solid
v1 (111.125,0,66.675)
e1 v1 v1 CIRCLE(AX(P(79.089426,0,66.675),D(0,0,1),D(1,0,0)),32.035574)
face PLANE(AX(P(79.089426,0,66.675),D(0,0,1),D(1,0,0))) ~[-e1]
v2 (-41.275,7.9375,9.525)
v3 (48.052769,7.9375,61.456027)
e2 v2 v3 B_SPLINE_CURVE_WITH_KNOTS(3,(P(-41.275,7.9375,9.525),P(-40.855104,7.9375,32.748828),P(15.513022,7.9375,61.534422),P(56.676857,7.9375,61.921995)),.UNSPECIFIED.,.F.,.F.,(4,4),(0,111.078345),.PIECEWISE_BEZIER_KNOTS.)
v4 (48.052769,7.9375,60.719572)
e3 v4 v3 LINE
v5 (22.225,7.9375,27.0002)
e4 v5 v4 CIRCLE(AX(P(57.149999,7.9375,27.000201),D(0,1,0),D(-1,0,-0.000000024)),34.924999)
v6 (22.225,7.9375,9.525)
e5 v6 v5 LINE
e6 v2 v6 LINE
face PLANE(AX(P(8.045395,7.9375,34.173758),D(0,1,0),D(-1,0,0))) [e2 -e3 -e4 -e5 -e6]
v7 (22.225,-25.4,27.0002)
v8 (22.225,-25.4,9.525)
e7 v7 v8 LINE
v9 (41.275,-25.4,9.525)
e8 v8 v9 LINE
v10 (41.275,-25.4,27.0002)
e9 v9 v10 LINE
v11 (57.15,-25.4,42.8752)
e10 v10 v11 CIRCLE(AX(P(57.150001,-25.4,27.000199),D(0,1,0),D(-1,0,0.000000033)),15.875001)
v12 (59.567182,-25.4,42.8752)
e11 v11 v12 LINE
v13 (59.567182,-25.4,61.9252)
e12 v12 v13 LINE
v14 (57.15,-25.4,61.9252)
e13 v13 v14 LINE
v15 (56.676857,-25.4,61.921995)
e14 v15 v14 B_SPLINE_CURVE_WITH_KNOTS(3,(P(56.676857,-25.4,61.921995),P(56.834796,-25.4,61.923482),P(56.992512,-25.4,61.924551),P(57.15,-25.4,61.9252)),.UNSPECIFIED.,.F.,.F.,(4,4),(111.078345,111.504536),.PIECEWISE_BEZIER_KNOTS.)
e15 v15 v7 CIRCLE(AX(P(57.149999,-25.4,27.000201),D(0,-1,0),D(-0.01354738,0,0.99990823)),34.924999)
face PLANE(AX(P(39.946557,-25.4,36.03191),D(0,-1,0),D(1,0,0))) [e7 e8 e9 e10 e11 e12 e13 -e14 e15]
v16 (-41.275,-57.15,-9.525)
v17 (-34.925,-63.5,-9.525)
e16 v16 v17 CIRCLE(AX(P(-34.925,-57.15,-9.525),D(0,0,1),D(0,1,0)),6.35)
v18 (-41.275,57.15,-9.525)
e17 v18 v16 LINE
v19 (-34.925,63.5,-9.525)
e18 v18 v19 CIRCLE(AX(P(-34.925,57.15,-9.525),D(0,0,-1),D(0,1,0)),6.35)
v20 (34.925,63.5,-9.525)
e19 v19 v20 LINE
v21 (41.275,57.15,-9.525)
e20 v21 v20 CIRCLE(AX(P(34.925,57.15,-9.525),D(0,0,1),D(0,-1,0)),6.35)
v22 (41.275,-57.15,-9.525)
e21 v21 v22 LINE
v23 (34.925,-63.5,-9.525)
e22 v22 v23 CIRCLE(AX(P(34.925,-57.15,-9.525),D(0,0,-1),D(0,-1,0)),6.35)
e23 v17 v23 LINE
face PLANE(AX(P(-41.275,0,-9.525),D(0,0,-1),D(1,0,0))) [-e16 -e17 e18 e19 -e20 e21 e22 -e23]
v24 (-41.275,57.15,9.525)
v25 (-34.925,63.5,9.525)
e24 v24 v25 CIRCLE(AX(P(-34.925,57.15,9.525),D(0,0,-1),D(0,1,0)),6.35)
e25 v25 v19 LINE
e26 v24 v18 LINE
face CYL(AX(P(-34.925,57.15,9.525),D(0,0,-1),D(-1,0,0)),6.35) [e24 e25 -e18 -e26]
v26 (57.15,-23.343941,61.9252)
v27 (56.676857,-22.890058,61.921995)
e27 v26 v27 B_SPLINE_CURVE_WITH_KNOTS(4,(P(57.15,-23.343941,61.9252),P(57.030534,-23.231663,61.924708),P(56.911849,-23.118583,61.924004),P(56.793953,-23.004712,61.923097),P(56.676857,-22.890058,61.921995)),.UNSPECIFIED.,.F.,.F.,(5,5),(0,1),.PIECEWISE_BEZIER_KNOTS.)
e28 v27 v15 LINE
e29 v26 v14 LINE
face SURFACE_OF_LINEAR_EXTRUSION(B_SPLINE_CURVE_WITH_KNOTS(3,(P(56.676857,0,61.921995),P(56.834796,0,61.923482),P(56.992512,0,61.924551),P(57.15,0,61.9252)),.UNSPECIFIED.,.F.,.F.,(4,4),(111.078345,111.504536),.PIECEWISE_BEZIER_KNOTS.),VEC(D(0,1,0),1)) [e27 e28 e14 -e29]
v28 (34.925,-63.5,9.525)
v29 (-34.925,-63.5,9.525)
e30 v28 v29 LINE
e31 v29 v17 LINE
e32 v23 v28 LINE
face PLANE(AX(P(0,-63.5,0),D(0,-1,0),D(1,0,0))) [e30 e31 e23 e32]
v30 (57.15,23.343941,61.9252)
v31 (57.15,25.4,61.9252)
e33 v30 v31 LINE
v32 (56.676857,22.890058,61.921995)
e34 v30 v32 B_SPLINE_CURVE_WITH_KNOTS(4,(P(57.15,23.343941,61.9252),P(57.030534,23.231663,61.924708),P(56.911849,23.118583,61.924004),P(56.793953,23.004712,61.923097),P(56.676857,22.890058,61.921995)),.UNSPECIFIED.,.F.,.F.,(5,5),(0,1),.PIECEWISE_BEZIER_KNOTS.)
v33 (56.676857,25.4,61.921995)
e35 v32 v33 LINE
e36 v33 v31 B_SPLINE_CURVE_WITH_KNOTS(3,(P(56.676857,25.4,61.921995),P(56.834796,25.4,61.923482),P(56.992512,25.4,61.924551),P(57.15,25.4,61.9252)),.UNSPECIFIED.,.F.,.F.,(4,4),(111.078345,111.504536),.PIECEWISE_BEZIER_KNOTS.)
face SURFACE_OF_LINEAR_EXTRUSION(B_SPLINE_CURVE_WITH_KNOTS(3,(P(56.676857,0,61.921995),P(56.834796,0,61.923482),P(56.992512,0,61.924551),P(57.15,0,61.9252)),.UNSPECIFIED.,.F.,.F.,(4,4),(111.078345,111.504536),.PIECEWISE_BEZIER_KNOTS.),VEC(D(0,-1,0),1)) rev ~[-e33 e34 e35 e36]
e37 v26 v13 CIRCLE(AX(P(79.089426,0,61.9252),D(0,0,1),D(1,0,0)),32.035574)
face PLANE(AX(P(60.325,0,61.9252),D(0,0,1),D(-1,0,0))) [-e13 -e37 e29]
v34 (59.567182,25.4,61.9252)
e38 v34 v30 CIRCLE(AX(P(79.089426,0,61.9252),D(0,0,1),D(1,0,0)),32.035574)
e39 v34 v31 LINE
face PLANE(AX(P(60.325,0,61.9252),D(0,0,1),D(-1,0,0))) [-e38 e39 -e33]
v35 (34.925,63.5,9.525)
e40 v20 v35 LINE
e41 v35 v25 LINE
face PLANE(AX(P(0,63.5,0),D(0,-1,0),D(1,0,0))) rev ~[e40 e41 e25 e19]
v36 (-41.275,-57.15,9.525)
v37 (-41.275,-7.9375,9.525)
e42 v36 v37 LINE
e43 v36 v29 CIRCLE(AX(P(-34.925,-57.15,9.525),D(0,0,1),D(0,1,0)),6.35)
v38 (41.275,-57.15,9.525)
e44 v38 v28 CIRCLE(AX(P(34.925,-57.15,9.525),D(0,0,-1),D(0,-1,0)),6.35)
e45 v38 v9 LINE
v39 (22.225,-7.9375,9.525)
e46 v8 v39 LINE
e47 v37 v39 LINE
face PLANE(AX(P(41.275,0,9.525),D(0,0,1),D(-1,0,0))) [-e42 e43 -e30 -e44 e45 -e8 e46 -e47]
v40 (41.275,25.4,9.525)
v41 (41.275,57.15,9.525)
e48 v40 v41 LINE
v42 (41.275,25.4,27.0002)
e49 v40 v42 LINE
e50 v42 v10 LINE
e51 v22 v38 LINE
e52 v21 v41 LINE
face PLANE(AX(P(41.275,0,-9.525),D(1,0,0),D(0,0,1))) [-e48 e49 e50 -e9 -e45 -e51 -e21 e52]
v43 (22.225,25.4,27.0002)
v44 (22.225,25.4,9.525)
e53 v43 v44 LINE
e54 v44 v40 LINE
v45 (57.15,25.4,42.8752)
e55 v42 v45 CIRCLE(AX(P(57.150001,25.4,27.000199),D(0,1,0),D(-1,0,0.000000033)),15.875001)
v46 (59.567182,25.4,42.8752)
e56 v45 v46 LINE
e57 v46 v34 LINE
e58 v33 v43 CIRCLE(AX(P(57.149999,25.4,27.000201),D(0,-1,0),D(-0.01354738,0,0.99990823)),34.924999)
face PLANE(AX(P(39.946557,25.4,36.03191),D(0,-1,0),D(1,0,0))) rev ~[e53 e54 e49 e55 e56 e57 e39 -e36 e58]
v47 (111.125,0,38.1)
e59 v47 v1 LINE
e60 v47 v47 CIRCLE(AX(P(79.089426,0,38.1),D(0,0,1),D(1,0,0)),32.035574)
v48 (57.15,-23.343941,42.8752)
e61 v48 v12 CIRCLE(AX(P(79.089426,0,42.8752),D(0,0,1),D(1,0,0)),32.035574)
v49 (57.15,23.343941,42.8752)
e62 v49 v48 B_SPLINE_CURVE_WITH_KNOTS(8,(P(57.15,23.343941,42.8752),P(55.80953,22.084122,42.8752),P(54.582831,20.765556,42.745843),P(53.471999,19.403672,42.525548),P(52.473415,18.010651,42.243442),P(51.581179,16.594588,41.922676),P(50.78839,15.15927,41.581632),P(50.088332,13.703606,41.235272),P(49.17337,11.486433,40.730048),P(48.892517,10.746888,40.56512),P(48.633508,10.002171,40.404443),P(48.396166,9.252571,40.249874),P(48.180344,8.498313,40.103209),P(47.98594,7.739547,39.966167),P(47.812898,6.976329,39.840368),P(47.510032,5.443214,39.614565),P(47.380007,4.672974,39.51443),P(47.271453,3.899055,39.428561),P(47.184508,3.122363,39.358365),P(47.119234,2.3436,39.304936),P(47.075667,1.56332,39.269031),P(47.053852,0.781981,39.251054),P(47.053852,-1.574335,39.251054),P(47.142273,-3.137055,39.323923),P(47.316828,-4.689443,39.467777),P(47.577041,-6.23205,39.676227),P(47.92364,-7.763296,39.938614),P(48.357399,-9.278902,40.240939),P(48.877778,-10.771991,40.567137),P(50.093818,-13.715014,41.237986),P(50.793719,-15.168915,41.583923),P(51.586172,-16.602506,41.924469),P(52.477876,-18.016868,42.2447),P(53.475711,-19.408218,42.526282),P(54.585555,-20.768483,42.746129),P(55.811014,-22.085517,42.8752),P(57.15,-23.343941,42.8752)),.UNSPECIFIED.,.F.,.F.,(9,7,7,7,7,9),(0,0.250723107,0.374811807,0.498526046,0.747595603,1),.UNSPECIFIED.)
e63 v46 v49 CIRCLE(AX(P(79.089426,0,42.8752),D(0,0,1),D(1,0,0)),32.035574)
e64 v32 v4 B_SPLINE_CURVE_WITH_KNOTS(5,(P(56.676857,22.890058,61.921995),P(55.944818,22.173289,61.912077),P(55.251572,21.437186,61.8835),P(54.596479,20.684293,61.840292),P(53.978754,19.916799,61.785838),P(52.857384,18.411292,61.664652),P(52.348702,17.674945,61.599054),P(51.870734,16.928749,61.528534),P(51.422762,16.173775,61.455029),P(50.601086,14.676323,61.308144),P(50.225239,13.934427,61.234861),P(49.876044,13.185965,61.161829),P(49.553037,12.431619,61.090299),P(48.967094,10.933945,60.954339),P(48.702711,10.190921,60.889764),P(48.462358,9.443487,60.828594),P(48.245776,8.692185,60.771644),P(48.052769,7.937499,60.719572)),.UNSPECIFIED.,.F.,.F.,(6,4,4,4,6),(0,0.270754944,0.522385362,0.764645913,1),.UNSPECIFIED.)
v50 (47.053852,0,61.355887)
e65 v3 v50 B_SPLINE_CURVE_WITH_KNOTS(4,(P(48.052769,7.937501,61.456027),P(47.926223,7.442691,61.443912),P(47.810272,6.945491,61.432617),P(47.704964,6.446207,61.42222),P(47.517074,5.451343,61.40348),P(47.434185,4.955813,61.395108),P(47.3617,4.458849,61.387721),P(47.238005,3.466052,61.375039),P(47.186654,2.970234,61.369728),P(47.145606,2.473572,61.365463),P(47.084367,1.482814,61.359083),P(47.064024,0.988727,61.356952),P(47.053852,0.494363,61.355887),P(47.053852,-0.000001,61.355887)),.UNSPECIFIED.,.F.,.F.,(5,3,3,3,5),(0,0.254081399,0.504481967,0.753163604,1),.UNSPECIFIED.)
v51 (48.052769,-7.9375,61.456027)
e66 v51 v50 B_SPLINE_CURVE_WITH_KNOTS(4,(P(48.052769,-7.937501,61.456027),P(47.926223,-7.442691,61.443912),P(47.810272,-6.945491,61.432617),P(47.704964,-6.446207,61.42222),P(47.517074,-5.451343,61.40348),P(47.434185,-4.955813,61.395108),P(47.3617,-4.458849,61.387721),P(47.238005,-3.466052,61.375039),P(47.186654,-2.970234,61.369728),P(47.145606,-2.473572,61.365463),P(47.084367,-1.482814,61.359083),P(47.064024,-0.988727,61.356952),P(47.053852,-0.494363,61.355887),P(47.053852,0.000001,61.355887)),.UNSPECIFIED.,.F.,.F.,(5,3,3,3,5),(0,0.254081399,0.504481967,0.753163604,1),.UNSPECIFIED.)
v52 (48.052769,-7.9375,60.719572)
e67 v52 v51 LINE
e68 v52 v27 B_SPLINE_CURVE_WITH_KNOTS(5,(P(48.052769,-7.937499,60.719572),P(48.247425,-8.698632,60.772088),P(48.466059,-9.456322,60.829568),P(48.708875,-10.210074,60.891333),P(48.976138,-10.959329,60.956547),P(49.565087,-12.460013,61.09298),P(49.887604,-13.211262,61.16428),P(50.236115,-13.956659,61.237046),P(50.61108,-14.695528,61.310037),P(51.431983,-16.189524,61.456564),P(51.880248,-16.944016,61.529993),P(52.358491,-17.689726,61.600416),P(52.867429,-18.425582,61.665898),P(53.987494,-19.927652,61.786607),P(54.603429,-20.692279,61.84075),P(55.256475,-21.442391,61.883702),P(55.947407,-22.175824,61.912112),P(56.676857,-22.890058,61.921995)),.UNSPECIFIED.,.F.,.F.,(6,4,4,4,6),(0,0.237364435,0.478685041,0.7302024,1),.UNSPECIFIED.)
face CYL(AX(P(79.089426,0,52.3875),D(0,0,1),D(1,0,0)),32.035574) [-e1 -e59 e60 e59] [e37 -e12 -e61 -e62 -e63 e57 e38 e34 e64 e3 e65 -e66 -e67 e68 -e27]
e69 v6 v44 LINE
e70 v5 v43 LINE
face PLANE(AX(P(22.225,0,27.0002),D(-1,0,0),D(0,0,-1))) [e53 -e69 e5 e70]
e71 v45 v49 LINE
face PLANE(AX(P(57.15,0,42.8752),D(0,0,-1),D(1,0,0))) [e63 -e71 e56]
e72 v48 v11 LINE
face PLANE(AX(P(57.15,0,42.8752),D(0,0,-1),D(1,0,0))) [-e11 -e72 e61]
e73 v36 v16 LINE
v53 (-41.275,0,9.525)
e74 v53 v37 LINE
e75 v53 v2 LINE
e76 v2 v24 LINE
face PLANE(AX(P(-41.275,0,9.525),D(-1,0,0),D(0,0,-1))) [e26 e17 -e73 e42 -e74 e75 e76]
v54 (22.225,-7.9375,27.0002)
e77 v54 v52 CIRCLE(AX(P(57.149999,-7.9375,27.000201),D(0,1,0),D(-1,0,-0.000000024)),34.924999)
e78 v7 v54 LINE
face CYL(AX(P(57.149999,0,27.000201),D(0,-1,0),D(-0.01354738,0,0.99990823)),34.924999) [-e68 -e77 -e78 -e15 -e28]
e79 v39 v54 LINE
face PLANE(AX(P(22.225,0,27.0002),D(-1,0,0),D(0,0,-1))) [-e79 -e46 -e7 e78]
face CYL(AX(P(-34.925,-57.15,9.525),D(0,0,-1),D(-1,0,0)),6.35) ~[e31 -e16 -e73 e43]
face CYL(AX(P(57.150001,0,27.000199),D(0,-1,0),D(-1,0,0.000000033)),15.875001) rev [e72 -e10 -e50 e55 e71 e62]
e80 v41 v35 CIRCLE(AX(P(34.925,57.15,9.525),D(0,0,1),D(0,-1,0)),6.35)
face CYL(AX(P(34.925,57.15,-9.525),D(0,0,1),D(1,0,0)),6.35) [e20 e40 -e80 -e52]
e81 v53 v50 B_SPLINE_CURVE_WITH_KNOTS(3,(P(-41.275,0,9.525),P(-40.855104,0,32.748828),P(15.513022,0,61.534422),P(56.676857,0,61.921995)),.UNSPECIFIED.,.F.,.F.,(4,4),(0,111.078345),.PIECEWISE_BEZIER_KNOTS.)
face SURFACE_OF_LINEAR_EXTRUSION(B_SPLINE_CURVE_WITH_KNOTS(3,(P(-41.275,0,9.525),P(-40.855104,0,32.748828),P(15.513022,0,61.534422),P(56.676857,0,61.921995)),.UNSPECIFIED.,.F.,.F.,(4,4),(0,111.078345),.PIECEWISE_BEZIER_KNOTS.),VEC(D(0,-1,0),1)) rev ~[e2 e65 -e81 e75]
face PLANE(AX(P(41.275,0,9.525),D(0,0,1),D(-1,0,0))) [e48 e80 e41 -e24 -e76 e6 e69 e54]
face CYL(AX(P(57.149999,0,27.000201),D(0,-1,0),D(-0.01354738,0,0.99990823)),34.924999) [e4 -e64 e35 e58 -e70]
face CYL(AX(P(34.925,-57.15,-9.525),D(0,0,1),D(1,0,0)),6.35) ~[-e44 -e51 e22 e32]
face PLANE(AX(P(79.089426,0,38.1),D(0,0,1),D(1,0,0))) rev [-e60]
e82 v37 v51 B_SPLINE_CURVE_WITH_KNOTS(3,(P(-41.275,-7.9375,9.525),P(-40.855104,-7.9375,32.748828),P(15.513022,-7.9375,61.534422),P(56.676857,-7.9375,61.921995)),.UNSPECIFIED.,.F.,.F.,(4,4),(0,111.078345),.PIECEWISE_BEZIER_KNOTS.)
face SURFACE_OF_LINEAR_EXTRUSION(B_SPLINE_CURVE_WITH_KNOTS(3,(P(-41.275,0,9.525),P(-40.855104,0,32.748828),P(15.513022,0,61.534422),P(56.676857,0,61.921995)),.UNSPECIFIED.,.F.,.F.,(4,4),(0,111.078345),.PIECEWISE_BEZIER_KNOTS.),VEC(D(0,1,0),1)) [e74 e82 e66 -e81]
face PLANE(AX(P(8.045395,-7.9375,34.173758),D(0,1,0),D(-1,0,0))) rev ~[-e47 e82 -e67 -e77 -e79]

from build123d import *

# Parameters (mm, degrees)
F1_DEPTH = 63.5
F2_DEPTH = 25.4
F3_DEPTH = 7.9375
F0_W     = 32.035574
F0_H     = 28.575
F5_R     = 6.35


with BuildPart() as f1:
    # F0 (on Front) → F1 (new body, symmetric)
    with BuildSketch(Plane.XZ):
        Polygon((-41.275, 9.525), (-41.275, -9.525), (41.275, -9.525), (41.275, 9.525), (22.225, 9.525), align=None)
    extrude(amount=F1_DEPTH, both=True)

    # F0 (on Front) → F2 (join, symmetric)
    with BuildSketch(Plane.XZ):
        with BuildLine():
            Line((22.225, 9.525), (41.275, 9.525))
            Line((41.275, 9.525), (41.275, 27.0002))
            ThreePointArc((41.275, 27.0002), (45.92468, 38.22552), (57.15, 42.8752))
            Line((57.15, 42.8752), (60.325, 42.8752))
            Line((60.325, 42.8752), (60.325, 61.9252))
            Line((60.325, 61.9252), (57.15, 61.9252))
            add(Edge.make_bspline(
                [(56.676857, 61.921995), (56.834796, 61.923482), (56.992512, 61.924551), (57.15, 61.9252)],
                knots=[111.078345, 111.078345, 111.078345, 111.078345, 111.504536, 111.504536, 111.504536, 111.504536], degree=3))
            ThreePointArc((56.676857, 61.921995), (32.287577, 51.528053), (22.225, 27.0002))
            Line((22.225, 27.0002), (22.225, 9.525))
        make_face()
    extrude(amount=F2_DEPTH, both=True)

    # F0 (on Front) → F3 (join, symmetric)
    with BuildSketch(Plane.XZ):
        with BuildLine():
            add(Edge.make_bspline(
                [(-41.275, 9.525), (-40.855104, 32.748828), (15.513022, 61.534422), (56.676857, 61.921995)],
                knots=[0, 0, 0, 0, 111.078345, 111.078345, 111.078345, 111.078345], degree=3))
            Line((-41.275, 9.525), (22.225, 9.525))
            Line((22.225, 9.525), (22.225, 27.0002))
            ThreePointArc((22.225, 27.0002), (32.287577, 51.528053), (56.676857, 61.921995))
        make_face()
    extrude(amount=F3_DEPTH, both=True)

    # F0 (on Front) → F4 (revolve)
    with BuildSketch(Plane.XZ):
        with Locations((95.107213, 52.3875)):
            Rectangle(F0_W, F0_H)
    revolve(axis=Axis((79.089426, 0, 52.3875), (0, 0, 1)))

    # F5
    f5_edges = [f1.edges().sort_by_distance(p)[0] for p in [
        (41.275, -63.5, 0),
        (-41.275, -63.5, 0),
        (41.275, 63.5, 0),
        (-41.275, 63.5, 0),
    ]]
    fillet(f5_edges, radius=F5_R)


solid = f1.part
